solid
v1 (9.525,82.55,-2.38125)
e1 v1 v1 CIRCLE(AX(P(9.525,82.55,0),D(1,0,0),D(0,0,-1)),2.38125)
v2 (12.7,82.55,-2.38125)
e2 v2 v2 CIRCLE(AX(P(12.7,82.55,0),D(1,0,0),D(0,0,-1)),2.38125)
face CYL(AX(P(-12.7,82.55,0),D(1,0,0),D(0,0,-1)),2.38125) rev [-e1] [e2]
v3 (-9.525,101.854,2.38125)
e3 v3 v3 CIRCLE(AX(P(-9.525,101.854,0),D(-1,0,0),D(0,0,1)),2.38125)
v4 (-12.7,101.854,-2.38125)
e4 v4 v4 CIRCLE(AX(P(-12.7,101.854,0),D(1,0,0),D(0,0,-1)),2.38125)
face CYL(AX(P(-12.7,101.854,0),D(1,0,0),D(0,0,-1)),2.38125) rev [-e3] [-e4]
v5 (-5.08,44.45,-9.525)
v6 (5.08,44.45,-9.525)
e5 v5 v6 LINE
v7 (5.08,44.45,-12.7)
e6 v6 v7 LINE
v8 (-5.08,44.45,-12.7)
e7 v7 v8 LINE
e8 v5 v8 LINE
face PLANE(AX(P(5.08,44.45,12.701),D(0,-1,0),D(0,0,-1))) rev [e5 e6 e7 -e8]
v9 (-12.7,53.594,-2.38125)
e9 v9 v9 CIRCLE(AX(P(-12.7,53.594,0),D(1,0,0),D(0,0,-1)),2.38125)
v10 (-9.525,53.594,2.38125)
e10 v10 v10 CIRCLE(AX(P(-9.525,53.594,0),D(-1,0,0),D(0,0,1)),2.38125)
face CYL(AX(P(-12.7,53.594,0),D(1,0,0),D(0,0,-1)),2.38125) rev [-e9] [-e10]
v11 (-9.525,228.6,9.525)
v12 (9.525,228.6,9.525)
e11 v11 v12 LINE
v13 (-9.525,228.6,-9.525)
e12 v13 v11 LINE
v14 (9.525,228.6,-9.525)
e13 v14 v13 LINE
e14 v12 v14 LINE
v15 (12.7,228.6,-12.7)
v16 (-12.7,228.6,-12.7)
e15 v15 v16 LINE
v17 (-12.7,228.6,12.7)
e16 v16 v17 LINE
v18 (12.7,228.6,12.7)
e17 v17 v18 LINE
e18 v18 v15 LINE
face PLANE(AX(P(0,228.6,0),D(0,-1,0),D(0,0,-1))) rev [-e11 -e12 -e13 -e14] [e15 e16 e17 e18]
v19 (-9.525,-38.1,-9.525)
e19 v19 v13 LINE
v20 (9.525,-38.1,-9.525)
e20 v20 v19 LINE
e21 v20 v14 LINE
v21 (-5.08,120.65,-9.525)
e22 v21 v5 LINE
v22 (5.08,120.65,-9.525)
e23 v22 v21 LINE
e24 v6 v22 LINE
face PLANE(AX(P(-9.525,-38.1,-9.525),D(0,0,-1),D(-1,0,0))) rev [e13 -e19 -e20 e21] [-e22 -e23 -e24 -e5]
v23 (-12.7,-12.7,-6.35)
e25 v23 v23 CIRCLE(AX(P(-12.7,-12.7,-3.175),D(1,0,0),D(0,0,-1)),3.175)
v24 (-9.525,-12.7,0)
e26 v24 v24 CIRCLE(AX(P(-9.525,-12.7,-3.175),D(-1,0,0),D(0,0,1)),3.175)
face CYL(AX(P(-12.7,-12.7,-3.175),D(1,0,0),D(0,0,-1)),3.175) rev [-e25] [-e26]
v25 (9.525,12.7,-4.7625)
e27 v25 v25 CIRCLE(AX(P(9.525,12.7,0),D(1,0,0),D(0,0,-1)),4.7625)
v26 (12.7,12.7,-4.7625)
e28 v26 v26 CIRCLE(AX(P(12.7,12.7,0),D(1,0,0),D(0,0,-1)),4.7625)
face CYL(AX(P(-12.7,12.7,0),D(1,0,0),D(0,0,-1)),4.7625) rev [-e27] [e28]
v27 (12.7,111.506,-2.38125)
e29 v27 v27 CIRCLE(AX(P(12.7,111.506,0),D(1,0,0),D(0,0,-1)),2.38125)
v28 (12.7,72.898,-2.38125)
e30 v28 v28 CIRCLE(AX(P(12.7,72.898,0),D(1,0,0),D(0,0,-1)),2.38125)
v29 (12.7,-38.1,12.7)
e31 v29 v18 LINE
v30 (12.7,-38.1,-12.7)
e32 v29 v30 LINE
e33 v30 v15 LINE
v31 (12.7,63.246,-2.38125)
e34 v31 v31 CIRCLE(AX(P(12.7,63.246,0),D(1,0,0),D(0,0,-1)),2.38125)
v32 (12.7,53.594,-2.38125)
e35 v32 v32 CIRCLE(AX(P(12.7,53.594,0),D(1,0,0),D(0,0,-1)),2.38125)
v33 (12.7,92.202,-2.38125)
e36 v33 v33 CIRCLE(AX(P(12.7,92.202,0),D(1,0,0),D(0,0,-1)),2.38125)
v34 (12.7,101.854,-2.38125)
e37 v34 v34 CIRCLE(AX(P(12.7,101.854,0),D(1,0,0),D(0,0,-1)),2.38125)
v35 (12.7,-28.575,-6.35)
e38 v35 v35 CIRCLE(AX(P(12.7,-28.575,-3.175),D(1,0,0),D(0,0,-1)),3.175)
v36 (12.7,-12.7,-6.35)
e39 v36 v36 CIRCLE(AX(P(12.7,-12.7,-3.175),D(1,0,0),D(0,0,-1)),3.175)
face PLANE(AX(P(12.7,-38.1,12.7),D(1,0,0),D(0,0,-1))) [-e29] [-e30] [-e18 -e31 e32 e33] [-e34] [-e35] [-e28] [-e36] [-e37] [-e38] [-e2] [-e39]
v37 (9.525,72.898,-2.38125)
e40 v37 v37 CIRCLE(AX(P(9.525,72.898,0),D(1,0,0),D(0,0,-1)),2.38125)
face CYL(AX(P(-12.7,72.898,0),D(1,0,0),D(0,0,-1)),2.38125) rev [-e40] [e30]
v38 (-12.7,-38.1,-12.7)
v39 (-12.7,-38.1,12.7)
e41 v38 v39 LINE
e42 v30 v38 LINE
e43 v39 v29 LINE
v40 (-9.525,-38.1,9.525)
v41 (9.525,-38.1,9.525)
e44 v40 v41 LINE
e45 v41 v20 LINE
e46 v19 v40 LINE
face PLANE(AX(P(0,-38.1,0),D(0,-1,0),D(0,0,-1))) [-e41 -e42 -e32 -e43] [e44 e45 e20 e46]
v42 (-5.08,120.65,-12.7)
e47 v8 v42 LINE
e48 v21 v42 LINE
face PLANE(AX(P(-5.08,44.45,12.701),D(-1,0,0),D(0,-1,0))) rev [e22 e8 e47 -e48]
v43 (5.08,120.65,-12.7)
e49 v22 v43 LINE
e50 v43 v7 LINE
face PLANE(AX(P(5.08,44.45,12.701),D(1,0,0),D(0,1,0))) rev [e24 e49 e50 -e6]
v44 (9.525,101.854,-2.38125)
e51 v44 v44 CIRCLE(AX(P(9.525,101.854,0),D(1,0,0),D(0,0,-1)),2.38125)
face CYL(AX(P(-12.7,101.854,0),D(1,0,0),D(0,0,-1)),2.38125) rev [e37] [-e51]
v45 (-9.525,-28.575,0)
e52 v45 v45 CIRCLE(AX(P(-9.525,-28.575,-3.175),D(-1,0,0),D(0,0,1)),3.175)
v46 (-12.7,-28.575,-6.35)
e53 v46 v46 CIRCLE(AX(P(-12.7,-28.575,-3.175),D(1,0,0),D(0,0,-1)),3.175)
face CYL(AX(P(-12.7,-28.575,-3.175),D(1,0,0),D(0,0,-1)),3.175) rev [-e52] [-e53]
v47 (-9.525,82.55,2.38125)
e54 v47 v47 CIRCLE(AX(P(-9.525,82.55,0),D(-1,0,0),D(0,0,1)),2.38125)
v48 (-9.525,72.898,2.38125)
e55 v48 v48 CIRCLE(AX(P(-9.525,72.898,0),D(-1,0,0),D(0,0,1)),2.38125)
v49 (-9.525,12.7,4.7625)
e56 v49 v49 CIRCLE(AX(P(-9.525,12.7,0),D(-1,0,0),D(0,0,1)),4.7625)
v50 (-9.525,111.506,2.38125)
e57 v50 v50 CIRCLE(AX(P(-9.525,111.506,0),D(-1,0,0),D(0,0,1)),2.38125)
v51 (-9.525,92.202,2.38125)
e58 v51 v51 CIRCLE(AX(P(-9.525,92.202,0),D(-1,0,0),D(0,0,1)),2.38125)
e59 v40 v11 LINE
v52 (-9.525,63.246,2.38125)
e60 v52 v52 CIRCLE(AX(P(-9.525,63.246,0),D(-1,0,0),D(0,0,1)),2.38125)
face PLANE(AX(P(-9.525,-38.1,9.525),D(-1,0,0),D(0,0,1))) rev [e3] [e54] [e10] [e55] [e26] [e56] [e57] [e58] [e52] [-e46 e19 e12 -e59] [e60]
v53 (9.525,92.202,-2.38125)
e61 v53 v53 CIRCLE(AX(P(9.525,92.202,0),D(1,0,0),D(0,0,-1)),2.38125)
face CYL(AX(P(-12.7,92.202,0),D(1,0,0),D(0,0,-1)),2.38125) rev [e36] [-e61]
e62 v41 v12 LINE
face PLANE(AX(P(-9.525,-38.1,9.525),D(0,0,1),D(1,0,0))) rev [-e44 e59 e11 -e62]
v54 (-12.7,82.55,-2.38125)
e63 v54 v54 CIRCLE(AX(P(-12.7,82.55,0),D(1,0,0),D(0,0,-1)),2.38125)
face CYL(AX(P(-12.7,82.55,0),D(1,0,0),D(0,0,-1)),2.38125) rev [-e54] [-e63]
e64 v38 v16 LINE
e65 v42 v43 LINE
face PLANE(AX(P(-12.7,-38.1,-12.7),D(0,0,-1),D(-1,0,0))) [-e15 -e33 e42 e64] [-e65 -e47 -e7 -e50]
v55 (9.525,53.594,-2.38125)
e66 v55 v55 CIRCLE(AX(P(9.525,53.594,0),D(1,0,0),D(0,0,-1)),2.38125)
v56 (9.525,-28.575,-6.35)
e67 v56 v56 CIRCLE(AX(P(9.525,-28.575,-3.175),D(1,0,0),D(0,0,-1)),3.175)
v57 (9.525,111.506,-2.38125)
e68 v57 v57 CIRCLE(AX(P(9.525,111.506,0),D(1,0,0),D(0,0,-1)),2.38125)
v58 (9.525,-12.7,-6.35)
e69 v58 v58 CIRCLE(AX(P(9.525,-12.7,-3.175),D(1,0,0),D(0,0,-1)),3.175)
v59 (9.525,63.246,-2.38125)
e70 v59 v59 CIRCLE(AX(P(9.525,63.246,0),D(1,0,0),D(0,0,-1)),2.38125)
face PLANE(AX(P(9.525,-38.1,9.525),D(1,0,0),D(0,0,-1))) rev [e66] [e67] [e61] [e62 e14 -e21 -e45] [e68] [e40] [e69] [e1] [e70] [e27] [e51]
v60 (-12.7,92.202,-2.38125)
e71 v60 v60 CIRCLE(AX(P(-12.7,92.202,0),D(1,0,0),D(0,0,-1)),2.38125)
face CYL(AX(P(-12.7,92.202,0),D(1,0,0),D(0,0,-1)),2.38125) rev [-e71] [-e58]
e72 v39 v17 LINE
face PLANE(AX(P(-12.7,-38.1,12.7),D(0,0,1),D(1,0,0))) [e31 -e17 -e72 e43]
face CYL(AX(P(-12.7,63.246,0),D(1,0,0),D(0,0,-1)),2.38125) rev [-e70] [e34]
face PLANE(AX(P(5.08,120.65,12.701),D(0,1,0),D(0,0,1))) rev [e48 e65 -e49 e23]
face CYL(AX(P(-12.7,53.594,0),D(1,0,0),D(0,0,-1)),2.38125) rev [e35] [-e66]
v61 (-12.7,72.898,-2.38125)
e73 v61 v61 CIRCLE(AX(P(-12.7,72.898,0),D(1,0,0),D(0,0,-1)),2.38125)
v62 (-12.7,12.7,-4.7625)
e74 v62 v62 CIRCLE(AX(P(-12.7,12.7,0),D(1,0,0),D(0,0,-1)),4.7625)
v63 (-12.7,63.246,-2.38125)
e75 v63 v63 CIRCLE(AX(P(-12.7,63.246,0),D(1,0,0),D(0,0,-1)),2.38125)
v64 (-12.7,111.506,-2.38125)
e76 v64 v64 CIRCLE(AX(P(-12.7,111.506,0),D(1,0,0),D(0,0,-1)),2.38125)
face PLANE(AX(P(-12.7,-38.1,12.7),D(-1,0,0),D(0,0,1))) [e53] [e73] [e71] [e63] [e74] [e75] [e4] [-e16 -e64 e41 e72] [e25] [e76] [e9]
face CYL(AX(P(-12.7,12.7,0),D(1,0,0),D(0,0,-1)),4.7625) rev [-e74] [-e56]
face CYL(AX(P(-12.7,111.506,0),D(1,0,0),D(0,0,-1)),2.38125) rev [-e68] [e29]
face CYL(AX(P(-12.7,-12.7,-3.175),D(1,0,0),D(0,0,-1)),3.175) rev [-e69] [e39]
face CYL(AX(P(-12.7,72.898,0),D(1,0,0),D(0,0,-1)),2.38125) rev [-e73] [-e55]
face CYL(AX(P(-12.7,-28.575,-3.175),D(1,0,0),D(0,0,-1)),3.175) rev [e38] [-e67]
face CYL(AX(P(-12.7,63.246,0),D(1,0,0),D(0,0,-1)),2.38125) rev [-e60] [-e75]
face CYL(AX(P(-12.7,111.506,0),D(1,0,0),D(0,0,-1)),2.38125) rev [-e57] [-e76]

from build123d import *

# Parameters (mm, degrees)
SKETCH1_W                = 25.4
SKETCH1_H                = 25.4
SKETCH1_W_2              = 19.05
SKETCH1_H_2              = 19.05
BOSS_EXTRUDE1_DEPTH      = 228.6
BOSS_EXTRUDE1_DEPTH_BACK = 38.1
CUT_EXTRUDE2_REACH       = 27.4
SKETCH3_W                = 10.16
SKETCH3_H                = 76.2
SKETCH4_R                = 3.175
SKETCH4_R_2              = 2.38125
SKETCH4_R_3              = 4.7625
CUT_EXTRUDE3_DEPTH       = 26.4


with BuildPart() as part:
    # Sketch1 → Boss-Extrude1 (new body, two sides)
    with BuildSketch(Plane(origin=(0, 0, 0), x_dir=(1, 0, 0), z_dir=(0, 1, 0))) as boss_extrude1_sk:
        Rectangle(SKETCH1_W, SKETCH1_H)
        Rectangle(SKETCH1_W_2, SKETCH1_H_2, mode=Mode.SUBTRACT)
    extrude(amount=BOSS_EXTRUDE1_DEPTH)
    extrude(boss_extrude1_sk.sketch, amount=-BOSS_EXTRUDE1_DEPTH_BACK)

    # Sketch3 → Cut-Extrude2 (cut, up to next)
    with BuildSketch(Plane(origin=(0, 0, -12.7), x_dir=(-1, 0, 0), z_dir=(0, 0, -1)), mode=Mode.PRIVATE) as cut_extrude2_sk1:
        with Locations((0, 82.55)):
            Rectangle(SKETCH3_W, SKETCH3_H)
    cut_extrude2_tool1 = extrude(cut_extrude2_sk1.sketch, amount=-CUT_EXTRUDE2_REACH, mode=Mode.PRIVATE) & part.part
    add(cut_extrude2_tool1.solids().sort_by_distance((0, 82.55, -12.7))[0], mode=Mode.SUBTRACT)

    # Sketch4 → Cut-Extrude3 (cut, through all)
    with BuildSketch(Plane(origin=(12.7, 0, 0), x_dir=(0, 0, -1), z_dir=(1, 0, 0))):
        with Locations((3.175, -28.575)):
            Circle(SKETCH4_R)
        with Locations((3.175, -12.7)):
            Circle(SKETCH4_R)
        with Locations((0, 63.246)):
            Circle(SKETCH4_R_2)
        with Locations((0, 72.898)):
            Circle(SKETCH4_R_2)
        with Locations((0, 82.55)):
            Circle(SKETCH4_R_2)
        with Locations((0, 101.854)):
            Circle(SKETCH4_R_2)
        with Locations((0, 111.506)):
            Circle(SKETCH4_R_2)
        with Locations((0, 12.7)):
            Circle(SKETCH4_R_3)
        with Locations((0, 53.594)):
            Circle(SKETCH4_R_2)
        with Locations((0, 92.202)):
            Circle(SKETCH4_R_2)
    extrude(amount=-CUT_EXTRUDE3_DEPTH, mode=Mode.SUBTRACT)


solid = part.part
